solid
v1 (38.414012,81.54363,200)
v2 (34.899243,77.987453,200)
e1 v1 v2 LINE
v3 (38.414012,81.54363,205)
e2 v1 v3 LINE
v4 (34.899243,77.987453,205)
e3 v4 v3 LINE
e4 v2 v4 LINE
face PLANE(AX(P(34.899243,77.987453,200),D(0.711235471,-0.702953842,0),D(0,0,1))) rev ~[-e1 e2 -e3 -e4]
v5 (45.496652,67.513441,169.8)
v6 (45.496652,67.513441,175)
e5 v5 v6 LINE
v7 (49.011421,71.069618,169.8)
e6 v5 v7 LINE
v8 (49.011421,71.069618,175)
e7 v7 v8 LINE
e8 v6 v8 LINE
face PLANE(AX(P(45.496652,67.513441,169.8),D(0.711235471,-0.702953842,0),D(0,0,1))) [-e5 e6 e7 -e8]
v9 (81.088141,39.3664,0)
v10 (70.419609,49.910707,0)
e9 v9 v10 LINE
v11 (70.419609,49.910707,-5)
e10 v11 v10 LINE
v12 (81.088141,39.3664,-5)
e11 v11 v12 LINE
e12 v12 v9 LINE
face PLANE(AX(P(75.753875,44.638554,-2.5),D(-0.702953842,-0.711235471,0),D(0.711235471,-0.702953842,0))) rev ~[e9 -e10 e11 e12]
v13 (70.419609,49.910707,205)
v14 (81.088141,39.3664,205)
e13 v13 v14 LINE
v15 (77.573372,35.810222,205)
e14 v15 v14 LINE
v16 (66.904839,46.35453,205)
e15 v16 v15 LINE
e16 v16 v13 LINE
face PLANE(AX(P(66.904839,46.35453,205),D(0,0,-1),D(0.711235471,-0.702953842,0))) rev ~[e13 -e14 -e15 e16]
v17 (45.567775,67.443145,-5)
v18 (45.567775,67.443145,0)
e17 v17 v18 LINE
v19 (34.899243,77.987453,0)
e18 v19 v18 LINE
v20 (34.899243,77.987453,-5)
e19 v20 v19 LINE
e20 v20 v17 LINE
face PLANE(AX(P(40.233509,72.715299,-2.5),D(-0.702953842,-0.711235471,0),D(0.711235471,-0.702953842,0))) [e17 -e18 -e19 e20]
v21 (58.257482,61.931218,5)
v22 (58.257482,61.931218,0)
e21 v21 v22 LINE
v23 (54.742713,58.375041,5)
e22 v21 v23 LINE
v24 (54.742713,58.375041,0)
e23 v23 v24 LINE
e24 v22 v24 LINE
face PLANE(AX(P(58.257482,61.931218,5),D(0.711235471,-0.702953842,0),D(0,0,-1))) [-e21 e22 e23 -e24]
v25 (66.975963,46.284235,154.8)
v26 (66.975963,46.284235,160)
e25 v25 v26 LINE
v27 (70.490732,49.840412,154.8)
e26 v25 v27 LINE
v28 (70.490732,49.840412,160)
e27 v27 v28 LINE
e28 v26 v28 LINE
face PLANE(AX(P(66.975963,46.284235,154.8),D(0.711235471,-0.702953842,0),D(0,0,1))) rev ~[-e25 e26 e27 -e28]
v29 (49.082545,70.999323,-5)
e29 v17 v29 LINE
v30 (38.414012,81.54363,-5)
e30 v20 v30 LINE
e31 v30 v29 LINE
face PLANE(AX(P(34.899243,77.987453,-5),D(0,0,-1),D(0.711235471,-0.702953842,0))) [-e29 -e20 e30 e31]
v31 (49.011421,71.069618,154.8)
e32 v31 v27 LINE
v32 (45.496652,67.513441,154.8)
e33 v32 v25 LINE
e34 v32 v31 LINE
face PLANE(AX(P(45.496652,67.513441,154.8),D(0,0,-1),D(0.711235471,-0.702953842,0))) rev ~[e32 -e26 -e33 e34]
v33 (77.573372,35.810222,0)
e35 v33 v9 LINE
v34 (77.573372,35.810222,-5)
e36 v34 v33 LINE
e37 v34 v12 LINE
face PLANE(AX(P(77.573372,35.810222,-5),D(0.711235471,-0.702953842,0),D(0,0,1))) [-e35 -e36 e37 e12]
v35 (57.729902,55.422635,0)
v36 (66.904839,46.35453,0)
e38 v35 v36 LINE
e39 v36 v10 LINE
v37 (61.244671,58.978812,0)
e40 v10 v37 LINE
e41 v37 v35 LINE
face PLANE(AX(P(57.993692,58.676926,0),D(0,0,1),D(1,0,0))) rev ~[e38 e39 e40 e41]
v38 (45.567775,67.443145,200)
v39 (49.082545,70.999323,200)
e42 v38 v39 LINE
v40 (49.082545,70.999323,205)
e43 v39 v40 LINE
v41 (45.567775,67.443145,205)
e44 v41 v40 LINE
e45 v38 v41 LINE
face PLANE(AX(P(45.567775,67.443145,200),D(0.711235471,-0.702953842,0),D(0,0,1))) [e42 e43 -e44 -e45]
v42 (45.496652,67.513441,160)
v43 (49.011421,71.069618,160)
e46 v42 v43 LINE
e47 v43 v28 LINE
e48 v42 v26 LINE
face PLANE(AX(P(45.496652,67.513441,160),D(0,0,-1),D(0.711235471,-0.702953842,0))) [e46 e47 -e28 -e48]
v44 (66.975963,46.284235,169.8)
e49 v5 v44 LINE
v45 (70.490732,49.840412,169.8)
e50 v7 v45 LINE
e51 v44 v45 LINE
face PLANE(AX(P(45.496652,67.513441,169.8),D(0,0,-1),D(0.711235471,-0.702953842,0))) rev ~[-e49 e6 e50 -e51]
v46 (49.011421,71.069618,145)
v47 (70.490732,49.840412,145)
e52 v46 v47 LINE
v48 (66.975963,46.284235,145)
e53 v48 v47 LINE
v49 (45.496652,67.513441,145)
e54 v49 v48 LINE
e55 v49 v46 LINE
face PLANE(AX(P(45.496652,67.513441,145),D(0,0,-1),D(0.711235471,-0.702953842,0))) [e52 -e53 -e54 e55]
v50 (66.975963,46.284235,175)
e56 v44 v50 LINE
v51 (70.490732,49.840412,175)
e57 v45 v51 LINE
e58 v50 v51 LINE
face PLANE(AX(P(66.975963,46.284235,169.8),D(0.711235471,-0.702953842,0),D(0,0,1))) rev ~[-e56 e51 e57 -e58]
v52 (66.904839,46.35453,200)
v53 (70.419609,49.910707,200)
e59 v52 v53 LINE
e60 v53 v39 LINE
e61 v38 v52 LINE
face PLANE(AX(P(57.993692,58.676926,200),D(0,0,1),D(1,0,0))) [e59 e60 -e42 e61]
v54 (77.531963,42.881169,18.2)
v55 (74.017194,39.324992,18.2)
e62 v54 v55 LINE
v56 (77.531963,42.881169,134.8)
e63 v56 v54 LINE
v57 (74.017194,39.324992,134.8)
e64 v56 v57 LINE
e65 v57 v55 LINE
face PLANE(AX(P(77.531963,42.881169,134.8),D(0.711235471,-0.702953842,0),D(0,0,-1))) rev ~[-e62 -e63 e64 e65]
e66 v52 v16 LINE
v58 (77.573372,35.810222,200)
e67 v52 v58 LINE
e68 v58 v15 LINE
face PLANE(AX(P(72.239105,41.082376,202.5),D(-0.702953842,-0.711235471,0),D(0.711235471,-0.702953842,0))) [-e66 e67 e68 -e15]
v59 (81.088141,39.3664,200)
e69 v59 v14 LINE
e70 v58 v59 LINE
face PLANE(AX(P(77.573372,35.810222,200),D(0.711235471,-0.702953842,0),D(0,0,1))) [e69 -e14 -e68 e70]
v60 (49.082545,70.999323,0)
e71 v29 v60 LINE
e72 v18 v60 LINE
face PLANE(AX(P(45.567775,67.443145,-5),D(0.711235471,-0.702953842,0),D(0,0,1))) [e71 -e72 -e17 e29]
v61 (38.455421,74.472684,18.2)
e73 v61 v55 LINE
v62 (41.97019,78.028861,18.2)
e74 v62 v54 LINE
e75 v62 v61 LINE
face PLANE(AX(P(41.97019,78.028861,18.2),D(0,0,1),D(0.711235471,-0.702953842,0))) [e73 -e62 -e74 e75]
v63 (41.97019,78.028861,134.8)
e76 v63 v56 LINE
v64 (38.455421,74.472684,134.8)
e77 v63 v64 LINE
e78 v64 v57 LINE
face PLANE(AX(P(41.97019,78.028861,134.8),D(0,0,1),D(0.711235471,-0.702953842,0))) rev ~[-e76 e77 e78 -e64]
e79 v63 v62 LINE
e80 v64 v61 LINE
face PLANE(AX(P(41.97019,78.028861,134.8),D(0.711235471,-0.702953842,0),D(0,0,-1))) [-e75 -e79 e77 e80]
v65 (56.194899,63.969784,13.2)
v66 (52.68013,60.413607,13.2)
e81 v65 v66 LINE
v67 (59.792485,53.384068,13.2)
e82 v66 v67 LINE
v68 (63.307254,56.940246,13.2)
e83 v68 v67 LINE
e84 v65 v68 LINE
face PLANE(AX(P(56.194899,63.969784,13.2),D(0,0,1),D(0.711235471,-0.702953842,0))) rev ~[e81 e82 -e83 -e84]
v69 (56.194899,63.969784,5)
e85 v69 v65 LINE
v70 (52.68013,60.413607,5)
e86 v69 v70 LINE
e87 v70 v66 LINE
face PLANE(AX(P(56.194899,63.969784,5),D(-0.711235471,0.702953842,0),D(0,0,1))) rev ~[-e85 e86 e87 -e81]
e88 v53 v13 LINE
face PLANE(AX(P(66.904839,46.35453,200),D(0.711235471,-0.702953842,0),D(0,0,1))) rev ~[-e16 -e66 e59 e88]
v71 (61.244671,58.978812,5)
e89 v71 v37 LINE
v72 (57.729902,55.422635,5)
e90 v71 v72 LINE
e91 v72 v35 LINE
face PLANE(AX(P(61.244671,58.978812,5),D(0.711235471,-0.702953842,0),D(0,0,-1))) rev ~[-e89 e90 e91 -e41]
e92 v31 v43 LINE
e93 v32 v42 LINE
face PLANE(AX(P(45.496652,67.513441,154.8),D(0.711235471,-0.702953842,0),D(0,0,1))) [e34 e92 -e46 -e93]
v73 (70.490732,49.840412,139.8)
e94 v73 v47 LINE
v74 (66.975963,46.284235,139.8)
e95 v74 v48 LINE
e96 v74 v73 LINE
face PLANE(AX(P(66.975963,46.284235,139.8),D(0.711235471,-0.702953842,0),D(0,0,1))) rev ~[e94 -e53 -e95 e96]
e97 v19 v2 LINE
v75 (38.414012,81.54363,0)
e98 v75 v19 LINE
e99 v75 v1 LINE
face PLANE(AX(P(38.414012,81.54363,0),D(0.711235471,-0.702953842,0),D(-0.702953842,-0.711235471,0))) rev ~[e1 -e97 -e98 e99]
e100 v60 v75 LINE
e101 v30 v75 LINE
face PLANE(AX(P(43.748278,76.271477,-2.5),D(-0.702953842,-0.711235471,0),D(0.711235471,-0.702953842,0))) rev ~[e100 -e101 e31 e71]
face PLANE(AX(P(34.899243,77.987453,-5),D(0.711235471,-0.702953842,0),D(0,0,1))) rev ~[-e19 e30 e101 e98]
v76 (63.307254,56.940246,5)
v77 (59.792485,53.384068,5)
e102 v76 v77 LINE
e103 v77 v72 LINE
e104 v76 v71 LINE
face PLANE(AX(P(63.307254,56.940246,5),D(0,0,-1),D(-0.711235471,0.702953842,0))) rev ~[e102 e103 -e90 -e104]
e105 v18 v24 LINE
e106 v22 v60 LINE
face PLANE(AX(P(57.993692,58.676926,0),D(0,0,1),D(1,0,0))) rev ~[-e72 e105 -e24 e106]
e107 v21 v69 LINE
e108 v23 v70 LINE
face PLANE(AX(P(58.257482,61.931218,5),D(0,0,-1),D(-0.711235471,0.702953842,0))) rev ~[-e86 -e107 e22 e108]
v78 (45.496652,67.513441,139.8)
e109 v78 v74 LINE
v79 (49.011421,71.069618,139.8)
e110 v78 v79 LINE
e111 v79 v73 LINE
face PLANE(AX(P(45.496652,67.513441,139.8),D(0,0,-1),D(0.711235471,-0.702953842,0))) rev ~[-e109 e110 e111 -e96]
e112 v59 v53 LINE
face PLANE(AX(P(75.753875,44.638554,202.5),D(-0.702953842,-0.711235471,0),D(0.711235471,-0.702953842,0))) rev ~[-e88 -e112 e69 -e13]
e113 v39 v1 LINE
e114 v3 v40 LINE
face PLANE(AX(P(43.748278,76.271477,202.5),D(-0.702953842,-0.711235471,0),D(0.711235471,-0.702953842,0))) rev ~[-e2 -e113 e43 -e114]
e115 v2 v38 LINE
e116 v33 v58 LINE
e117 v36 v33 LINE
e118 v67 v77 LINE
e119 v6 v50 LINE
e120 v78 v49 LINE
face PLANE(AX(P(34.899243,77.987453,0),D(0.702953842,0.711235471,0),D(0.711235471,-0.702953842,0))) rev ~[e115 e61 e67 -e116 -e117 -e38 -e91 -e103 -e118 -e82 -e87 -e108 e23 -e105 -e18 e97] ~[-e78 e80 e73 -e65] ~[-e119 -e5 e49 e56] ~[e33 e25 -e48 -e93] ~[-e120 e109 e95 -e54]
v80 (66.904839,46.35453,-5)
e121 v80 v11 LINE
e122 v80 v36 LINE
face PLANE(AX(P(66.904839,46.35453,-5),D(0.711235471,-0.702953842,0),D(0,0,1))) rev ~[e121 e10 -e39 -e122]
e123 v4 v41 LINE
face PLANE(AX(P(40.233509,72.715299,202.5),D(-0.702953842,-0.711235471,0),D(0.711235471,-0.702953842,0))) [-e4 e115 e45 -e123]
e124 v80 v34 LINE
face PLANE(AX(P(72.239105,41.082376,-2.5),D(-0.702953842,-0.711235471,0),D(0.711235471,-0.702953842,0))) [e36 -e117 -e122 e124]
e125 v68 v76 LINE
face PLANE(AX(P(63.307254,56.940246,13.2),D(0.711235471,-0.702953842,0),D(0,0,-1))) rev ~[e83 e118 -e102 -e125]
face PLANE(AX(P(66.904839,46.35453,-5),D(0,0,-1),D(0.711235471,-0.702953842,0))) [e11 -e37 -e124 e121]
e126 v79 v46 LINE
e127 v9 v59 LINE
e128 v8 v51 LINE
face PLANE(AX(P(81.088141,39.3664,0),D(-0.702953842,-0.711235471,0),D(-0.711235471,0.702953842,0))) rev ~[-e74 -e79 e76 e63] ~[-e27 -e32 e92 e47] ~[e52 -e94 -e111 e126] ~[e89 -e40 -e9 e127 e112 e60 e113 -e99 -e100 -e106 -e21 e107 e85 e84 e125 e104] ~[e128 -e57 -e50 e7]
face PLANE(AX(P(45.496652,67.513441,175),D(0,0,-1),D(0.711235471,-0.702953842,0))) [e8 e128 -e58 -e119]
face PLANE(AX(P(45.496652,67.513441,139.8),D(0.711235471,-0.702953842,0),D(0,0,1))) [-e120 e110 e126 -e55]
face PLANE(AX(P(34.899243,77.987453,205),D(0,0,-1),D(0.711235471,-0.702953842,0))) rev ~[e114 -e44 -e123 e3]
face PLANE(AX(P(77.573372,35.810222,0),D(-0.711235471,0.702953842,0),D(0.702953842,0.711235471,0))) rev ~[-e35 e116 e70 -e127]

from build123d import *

# Parameters (mm, degrees)
BOSS_EXTRUDE1_DEPTH = 200
SKETCH3_W           = 15
SKETCH3_H           = 5
BOSS_EXTRUDE2_DEPTH = 5
SKETCH4_W           = 30.2
SKETCH4_H           = 5.2
CUT_EXTRUDE1_DEPTH  = 5
SKETCH5_W           = 4.2
SKETCH5_H           = 5
CUT_EXTRUDE2_DEPTH  = 10
SKETCH6_W           = 50
SKETCH6_H           = 116.6
CUT_EXTRUDE3_DEPTH  = 10


with BuildPart() as part:
    # Sketch1 → Boss-Extrude1 (new body)
    with BuildSketch(Plane.XY):
        Polygon((34.899243254, 77.987452967), (77.573371526, 35.810222425), (81.088140738, 39.366399781), (38.414012466, 81.543630323), align=None)
    extrude(amount=BOSS_EXTRUDE1_DEPTH)

    # Sketch3 → Boss-Extrude2 (add)
    with BuildSketch(Plane(origin=(56.23630739, 56.898837696, 0), x_dir=(0.711235471, -0.702953842, 0), z_dir=(-0.702953842, -0.711235471, 0))):
        with Locations((-22.5, 202.5)):
            Rectangle(SKETCH3_W, SKETCH3_H)
        with Locations((22.5, 202.5)):
            Rectangle(SKETCH3_W, SKETCH3_H)
        with Locations((22.5, -2.5)):
            Rectangle(SKETCH3_W, SKETCH3_H)
        with Locations((-22.5, -2.5)):
            Rectangle(SKETCH3_W, SKETCH3_H)
    extrude(amount=-BOSS_EXTRUDE2_DEPTH)

    # Sketch4 → Cut-Extrude1 (cut)
    with BuildSketch(Plane(origin=(56.23630739, 56.898837696, 0), x_dir=(0.711235471, -0.702953842, 0), z_dir=(-0.702953842, -0.711235471, 0))):
        with Locations((0, 172.4)):
            Rectangle(SKETCH4_W, SKETCH4_H)
        with Locations((0, 157.4)):
            Rectangle(SKETCH4_W, SKETCH4_H)
        with Locations((0, 142.4)):
            Rectangle(SKETCH4_W, SKETCH4_H)
    extrude(amount=-CUT_EXTRUDE1_DEPTH, mode=Mode.SUBTRACT)

    # Sketch5 → Cut-Extrude2 (cut)
    with BuildSketch(Plane(origin=(59.751076602, 60.455015052, 0), x_dir=(0.711235471, -0.702953842, 0), z_dir=(0.702953842, 0.711235471, 0))):
        Polygon((2.1, -5), (-2.1, -5), (-5, -5), (-5, -13.2), (5, -13.2), (5, -5), align=None)
        with Locations((0, -2.5)):
            Rectangle(SKETCH5_W, SKETCH5_H)
    extrude(amount=-CUT_EXTRUDE2_DEPTH, mode=Mode.SUBTRACT)

    # Sketch6 → Cut-Extrude3 (cut)
    with BuildSketch(Plane(origin=(59.751076602, 60.455015052, 0), x_dir=(0.711235471, -0.702953842, 0), z_dir=(0.702953842, 0.711235471, 0))):
        with Locations((0, -76.5)):
            Rectangle(SKETCH6_W, SKETCH6_H)
    extrude(amount=-CUT_EXTRUDE3_DEPTH, mode=Mode.SUBTRACT)


solid = part.part
